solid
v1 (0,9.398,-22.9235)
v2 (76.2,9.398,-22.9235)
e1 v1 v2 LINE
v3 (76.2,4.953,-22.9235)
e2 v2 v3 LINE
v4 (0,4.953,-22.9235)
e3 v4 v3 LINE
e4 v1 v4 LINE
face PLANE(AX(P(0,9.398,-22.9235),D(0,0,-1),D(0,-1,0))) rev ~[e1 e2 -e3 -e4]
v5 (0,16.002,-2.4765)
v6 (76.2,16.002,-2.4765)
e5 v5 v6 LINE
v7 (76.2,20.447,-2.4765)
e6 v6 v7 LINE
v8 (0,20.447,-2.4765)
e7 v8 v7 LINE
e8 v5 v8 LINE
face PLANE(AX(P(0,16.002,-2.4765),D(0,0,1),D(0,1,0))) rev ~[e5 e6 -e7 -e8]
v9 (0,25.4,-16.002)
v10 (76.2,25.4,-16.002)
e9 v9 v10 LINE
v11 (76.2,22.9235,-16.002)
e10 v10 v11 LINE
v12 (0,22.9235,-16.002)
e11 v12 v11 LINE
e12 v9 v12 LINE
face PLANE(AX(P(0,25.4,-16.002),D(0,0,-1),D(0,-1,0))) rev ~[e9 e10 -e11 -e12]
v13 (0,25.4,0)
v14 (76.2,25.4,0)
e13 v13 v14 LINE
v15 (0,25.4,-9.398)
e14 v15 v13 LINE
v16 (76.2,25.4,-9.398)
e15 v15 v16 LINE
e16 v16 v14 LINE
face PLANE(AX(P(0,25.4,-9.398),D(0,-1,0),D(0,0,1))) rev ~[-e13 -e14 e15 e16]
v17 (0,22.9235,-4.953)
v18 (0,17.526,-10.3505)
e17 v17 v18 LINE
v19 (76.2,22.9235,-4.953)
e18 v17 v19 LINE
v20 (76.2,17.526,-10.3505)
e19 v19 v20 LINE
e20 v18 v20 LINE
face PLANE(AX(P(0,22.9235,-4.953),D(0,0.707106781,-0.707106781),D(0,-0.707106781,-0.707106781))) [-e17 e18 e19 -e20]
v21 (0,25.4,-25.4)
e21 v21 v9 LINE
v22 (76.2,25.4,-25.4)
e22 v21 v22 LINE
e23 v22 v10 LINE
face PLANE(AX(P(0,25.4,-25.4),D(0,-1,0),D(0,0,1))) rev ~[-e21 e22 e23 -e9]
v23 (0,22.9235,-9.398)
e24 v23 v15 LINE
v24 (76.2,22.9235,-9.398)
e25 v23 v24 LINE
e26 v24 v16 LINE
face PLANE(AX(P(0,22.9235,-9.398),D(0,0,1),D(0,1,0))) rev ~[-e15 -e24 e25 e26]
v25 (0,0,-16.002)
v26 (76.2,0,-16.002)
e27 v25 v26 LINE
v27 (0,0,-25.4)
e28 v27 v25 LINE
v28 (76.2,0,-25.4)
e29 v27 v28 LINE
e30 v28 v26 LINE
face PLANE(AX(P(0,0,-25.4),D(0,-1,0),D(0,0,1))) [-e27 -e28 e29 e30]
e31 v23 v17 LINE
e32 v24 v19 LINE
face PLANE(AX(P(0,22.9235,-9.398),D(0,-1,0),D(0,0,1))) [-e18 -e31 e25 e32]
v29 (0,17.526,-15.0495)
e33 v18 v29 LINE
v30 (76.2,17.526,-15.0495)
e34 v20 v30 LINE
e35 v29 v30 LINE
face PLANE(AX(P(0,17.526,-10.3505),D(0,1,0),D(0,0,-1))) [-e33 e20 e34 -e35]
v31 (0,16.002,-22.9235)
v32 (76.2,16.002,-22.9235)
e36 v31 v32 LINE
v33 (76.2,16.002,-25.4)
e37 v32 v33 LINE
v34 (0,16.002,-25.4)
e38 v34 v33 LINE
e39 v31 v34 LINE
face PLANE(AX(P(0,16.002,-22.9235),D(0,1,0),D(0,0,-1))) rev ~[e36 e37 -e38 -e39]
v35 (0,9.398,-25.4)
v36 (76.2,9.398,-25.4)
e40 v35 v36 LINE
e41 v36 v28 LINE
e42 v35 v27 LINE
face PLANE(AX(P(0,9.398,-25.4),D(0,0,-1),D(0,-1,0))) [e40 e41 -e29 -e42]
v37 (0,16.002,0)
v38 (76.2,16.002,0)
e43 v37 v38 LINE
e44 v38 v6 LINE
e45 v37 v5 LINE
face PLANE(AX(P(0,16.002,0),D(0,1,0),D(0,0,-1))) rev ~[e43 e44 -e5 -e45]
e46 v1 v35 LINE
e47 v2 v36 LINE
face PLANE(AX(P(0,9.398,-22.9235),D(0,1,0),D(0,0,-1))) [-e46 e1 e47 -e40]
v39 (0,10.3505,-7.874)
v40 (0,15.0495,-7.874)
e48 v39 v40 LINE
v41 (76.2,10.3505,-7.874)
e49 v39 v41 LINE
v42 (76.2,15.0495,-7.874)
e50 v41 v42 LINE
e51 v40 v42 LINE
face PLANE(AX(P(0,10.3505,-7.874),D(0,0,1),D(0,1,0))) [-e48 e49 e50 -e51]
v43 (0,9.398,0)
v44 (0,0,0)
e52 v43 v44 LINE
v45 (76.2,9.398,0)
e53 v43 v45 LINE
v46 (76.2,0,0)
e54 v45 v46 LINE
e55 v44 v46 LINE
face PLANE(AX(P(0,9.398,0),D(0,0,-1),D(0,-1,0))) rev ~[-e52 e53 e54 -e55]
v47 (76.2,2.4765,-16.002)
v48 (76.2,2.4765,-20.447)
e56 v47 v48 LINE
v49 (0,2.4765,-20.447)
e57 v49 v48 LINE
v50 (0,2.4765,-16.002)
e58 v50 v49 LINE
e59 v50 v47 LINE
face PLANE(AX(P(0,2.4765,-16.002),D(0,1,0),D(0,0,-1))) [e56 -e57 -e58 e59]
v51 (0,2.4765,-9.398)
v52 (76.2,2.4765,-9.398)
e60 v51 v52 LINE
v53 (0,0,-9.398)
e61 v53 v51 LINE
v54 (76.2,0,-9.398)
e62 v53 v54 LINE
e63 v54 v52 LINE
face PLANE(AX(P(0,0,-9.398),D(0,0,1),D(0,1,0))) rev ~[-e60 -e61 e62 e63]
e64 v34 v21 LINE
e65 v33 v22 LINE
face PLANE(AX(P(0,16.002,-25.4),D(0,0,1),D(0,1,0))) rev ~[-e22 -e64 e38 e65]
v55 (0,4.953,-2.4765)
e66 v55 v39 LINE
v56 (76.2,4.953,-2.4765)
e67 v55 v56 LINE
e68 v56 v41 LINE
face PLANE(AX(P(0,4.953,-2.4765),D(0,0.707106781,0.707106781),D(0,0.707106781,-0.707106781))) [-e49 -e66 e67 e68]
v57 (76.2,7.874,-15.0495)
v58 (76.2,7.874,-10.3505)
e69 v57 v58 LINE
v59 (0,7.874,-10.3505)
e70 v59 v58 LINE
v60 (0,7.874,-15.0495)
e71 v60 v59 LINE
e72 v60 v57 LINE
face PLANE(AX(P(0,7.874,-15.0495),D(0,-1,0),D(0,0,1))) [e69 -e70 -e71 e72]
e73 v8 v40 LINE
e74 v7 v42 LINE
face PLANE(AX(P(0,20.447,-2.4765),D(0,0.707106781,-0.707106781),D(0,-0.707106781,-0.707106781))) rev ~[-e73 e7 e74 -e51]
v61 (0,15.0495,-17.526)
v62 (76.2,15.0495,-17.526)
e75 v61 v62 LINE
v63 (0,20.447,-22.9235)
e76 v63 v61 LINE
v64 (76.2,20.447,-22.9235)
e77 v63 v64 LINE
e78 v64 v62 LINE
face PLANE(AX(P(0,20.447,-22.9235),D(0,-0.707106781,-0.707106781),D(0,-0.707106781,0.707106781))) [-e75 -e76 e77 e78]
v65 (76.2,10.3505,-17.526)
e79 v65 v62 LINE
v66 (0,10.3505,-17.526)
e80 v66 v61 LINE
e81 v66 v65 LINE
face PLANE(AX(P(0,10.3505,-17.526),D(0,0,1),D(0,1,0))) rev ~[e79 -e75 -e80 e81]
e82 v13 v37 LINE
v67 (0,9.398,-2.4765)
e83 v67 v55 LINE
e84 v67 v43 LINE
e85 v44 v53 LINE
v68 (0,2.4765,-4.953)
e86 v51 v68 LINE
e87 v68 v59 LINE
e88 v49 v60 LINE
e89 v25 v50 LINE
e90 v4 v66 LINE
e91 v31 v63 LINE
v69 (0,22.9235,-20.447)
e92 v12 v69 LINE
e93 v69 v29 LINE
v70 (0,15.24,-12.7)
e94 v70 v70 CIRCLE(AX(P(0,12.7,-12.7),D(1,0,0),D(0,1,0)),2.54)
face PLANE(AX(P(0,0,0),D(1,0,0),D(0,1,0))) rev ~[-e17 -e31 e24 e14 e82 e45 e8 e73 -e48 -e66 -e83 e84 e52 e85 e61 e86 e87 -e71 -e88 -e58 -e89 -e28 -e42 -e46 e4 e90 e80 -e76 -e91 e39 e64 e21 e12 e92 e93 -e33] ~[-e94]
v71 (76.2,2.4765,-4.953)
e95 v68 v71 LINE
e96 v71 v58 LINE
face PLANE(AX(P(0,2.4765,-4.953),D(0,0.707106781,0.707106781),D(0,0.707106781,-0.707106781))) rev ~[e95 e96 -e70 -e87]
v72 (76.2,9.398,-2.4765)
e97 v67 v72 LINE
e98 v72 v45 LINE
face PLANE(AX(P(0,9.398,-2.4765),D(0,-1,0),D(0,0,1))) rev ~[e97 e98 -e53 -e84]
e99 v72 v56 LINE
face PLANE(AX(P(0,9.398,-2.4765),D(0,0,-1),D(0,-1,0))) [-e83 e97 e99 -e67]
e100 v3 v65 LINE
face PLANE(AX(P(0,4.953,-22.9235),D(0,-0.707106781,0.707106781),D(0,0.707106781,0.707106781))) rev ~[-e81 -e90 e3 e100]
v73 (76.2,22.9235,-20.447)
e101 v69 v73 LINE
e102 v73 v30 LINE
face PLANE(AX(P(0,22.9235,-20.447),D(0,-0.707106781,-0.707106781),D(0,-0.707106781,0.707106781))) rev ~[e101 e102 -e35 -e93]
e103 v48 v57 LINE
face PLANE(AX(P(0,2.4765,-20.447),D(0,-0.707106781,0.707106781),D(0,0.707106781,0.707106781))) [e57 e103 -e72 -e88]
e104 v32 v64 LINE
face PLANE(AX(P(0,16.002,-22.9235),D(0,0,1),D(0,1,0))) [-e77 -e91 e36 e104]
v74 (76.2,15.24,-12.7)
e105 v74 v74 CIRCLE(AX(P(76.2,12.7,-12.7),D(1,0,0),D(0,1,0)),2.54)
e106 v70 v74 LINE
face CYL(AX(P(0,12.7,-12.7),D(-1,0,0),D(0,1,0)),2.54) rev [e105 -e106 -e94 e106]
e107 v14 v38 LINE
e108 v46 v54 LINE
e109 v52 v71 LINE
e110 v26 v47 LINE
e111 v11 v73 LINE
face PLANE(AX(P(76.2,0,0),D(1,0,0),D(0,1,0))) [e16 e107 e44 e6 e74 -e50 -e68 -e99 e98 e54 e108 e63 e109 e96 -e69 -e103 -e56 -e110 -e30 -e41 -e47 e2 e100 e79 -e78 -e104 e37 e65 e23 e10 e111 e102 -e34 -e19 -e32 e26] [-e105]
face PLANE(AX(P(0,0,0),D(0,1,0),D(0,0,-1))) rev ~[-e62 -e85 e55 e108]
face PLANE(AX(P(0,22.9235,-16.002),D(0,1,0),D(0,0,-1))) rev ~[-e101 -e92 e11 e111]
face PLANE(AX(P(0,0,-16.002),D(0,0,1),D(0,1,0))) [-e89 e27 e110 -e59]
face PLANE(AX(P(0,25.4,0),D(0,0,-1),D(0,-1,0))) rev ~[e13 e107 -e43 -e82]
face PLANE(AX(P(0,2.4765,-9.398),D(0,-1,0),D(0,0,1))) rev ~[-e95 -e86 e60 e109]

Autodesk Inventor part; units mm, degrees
ref_plane "YZ Plane" through (0, 0, 0) normal (1, 0, 0) x (0, 1, 0)
ref_plane "XZ Plane" through (0, 0, 0) normal (0, 1, 0) x (-1, 0, 0)
ref_plane "XY Plane" through (0, 0, 0) normal (0, 0, 1) x (1, 0, 0)
sketch "Sketch1" plane through (0, 0, 0) normal (1, 0, 0) x (0, 1, 0)
  line L0 (0, 0) -> (0, -9.398)
  line L1 (0, -9.398) -> (2.4765, -9.398)
  line L2 (9.398, -2.4765) -> (9.398, 0)
  line L3 (9.398, 0) -> (0, 0)
  line L4 (16.002, 0) -> (16.002, -2.4765)
  line L5 (22.9235, -9.398) -> (25.4, -9.398)
  line L6 (25.4, -9.398) -> (25.4, 0)
  line L7 (25.4, 0) -> (16.002, 0)
  line L8 (25.4, -16.002) -> (22.9235, -16.002)
  line L9 (16.002, -22.9235) -> (16.002, -25.4)
  line L10 (16.002, -25.4) -> (25.4, -25.4)
  line L11 (25.4, -25.4) -> (25.4, -16.002)
  line L12 (0, -16.002) -> (2.4765, -16.002)
  line L13 (9.398, -22.9235) -> (9.398, -25.4)
  line L14 (9.398, -25.4) -> (0, -25.4)
  line L15 (0, -25.4) -> (0, -16.002)
  line L16 (22.9235, -9.398) -> (22.9235, -4.953)
  line L17 (16.002, -2.4765) -> (20.447, -2.4765)
  line L18 (20.447, -2.4765) -> (15.0495, -7.874)
  line L19 (20.447, -2.4765) -> (28.0802, -2.4765) construction
  line L20 (22.9235, -4.953) -> (17.526, -10.3505)
  line L21 (22.9235, -16.002) -> (22.9235, -20.447)
  line L22 (22.9235, -20.447) -> (17.526, -15.0495)
  line L23 (16.002, -22.9235) -> (20.447, -22.9235)
  line L24 (20.447, -22.9235) -> (15.0495, -17.526)
  line L25 (2.4765, -16.002) -> (2.4765, -20.447)
  line L26 (2.4765, -20.447) -> (7.874, -15.0495)
  line L27 (9.398, -22.9235) -> (4.953, -22.9235)
  line L28 (4.953, -22.9235) -> (10.3505, -17.526)
  line L29 (9.398, -2.4765) -> (4.953, -2.4765)
  line L30 (4.953, -2.4765) -> (10.3505, -7.874)
  line L31 (2.4765, -9.398) -> (2.4765, -4.953)
  line L32 (2.4765, -4.953) -> (7.874, -10.3505)
  line L33 (10.3505, -7.874) -> (15.0495, -7.874)
  line L34 (17.526, -10.3505) -> (17.526, -15.0495)
  line L35 (10.3505, -17.526) -> (15.0495, -17.526)
  line L36 (7.874, -15.0495) -> (7.874, -10.3505)
  circle A0 centre (12.7, -12.7) radius 2.54
  dimension "d2" = 9.398
  dimension "d3" = 2.4765
  dimension "d7" = 2.4765
  dimension "d10" = 2.4765
  dimension "d11" = 25.4
  dimension "d13" = 2.4765
  dimension "d16" = 2.4765
  dimension "d17" = 9.398
  dimension "d18" = 25.4
  dimension "d23" = 2.4765
  dimension "d24" = 25.4
  dimension "d25" = 25.4
  dimension "d32" = 4.445
  dimension "d33" = 4.445
  dimension "d35" = 135
  dimension "d36" = 4.445
  dimension "d37" = 4.445
  dimension "d38" = 2.4765
  dimension "d40" = 4.445
  dimension "d41" = 4.445
  dimension "d42" = 4.445
  dimension "d43" = 4.445
  dimension "d44" = 5.08
extrude "Extrusion1" add sketch "Sketch1" along normal blind 76.2
properties part number "LatX24in1"
